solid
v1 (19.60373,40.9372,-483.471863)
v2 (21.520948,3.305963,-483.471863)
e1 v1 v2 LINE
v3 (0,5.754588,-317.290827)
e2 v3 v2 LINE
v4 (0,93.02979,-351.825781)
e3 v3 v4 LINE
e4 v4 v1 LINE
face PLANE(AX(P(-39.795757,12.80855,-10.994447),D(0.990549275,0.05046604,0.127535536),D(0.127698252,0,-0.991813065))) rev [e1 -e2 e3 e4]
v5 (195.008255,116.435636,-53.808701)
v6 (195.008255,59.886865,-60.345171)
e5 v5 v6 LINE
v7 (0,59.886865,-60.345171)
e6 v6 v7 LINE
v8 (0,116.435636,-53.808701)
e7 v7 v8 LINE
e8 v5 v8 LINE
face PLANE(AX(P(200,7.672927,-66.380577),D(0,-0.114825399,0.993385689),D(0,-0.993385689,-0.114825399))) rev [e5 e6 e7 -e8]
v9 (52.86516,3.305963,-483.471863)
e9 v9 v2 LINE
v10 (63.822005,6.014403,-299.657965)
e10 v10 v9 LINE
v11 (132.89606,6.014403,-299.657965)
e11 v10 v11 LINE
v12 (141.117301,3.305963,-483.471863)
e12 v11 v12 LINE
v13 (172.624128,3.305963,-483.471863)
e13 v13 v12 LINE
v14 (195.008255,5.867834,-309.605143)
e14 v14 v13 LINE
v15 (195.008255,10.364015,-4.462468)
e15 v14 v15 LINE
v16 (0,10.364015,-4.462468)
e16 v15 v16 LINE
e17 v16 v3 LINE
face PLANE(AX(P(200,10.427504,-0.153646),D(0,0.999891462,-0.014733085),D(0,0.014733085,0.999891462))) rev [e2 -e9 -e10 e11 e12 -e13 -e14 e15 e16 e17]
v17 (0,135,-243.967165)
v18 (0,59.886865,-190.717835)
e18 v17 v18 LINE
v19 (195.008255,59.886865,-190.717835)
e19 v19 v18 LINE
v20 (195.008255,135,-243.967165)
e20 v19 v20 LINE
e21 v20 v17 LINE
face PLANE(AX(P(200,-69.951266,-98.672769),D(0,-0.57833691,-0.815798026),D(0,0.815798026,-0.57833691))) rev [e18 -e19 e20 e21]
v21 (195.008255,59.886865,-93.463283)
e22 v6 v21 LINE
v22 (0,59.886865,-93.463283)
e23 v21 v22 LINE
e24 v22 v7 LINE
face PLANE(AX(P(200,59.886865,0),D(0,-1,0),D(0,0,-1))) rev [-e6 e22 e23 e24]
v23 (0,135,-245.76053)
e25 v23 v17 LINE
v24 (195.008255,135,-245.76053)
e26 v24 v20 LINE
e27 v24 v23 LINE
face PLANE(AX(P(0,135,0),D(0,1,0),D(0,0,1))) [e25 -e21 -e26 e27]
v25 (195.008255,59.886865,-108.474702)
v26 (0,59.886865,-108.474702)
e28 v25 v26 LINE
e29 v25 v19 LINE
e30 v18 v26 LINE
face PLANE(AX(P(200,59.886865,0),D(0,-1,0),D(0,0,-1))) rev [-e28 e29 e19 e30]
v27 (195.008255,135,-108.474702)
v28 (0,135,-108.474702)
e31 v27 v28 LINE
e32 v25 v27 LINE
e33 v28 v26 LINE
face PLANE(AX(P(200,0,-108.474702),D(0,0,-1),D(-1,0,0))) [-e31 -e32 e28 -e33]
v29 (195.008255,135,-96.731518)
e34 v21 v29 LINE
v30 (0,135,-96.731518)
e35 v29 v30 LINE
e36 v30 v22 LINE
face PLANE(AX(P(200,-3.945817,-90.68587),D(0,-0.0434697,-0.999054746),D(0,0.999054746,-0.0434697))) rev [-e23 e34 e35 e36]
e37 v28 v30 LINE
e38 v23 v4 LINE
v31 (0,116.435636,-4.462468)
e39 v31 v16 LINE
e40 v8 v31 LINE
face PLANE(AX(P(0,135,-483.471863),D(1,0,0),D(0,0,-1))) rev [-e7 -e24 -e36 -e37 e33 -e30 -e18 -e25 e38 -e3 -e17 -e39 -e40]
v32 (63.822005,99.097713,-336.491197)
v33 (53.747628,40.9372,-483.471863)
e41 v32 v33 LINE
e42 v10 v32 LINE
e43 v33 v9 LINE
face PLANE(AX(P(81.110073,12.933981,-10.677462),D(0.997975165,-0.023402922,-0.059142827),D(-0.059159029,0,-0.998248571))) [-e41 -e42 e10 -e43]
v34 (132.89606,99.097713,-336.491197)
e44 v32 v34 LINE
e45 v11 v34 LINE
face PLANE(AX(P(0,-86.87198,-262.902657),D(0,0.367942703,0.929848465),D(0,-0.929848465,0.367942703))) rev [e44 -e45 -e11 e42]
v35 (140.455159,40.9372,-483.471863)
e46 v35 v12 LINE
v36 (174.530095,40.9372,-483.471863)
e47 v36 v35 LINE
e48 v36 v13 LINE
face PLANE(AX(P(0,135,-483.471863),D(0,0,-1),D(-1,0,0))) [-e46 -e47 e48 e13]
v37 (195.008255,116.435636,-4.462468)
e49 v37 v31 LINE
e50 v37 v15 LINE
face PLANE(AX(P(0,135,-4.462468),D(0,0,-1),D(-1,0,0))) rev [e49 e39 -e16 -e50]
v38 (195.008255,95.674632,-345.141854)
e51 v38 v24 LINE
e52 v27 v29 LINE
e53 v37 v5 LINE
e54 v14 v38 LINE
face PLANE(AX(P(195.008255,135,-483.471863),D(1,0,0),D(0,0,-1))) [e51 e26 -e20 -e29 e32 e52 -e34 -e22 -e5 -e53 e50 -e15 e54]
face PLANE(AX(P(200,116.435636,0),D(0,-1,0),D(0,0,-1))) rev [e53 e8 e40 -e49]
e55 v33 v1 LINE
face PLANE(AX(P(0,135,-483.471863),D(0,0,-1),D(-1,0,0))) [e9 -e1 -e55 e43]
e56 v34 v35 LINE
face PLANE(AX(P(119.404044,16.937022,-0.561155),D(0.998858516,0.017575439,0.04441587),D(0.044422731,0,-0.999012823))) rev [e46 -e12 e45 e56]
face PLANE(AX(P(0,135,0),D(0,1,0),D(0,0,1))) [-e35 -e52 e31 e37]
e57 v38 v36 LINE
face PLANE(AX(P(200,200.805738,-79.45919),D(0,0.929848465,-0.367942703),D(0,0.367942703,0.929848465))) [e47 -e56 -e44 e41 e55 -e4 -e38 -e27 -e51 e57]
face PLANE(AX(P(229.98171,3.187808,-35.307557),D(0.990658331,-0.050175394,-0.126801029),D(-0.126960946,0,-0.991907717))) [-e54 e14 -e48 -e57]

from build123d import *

# Parameters (mm, degrees)
SKETCH_1_W           = 195.008255005
SKETCH_1_H           = 479.009395123
EXTRUDE_2_DEPTH      = 135
CUT_EXTRUDE_4_DEPTH  = 200
CUT_EXTRUDE_23_DEPTH = 200


with BuildPart() as part:
    # Эскиз1 → Бобышка-Вытянуть2 (new body)
    with BuildSketch(Plane(origin=(0, 0, 0), x_dir=(1, 0, 0), z_dir=(0, 1, 0))):
        with Locations((97.504127503, 243.967165232)):
            Rectangle(SKETCH_1_W, SKETCH_1_H)
    extrude(amount=EXTRUDE_2_DEPTH)

    # Эскиз3 → Вырез-Вытянуть4 (cut)
    with BuildSketch(Plane.ZY):
        Polygon((-483.471862793, 40.937199902), (-245.760530455, 135), (-483.471862793, 135), align=None)
        Polygon((-108.474701812, 135), (-243.967165232, 135), (-190.717834923, 59.88686474), (-108.474701812, 59.88686474), align=None)
        Polygon((-4.46246767, 135), (-96.73151757, 135), (-93.463282811, 59.88686474), (-60.345170592, 59.88686474), (-53.808701075, 116.435636272), (-4.46246767, 116.435636272), align=None)
        Polygon((-4.46246767, 10.364015235), (-483.471862793, 3.305962882), (-483.471862793, 0), (-4.46246767, 0), align=None)
    extrude(amount=-CUT_EXTRUDE_4_DEPTH, mode=Mode.SUBTRACT)

    # Эскиз4 → Вырез-Вытянуть23 (cut)
    with BuildSketch(Plane(origin=(0, 200.805738218, -79.459190383), x_dir=(1, 0, 0), z_dir=(0, 0.9298484645549542, -0.3679427033721343))):
        Polygon((53.747628165, 434.493025273), (140.455159465, 434.493025273), (143.17020938, 491.267849843), (50.129149916, 491.267849843), align=None)
        Polygon((132.896060194, 276.42354275), (140.455159465, 434.493025273), (53.747628165, 434.493025273), (63.82200512, 276.42354275), align=None)
        Polygon((0, 434.493025273), (19.603729829, 434.493025273), (27.465109106, 491.267849843), (0, 491.267849843), align=None)
        Polygon((0, 434.493025273), (0, 292.915029518), (19.603729829, 434.493025273), align=None)
        Polygon((174.530095187, 434.493025273), (195.008255005, 285.726840395), (195.008255005, 434.493025273), align=None)
        Polygon((174.477407826, 434.875779277), (174.530095187, 434.493025273), (195.008255005, 434.493025273), (195.008255005, 491.267849843), (166.714851877, 491.267849843), align=None)
    extrude(amount=-CUT_EXTRUDE_23_DEPTH, mode=Mode.SUBTRACT)


solid = part.part
